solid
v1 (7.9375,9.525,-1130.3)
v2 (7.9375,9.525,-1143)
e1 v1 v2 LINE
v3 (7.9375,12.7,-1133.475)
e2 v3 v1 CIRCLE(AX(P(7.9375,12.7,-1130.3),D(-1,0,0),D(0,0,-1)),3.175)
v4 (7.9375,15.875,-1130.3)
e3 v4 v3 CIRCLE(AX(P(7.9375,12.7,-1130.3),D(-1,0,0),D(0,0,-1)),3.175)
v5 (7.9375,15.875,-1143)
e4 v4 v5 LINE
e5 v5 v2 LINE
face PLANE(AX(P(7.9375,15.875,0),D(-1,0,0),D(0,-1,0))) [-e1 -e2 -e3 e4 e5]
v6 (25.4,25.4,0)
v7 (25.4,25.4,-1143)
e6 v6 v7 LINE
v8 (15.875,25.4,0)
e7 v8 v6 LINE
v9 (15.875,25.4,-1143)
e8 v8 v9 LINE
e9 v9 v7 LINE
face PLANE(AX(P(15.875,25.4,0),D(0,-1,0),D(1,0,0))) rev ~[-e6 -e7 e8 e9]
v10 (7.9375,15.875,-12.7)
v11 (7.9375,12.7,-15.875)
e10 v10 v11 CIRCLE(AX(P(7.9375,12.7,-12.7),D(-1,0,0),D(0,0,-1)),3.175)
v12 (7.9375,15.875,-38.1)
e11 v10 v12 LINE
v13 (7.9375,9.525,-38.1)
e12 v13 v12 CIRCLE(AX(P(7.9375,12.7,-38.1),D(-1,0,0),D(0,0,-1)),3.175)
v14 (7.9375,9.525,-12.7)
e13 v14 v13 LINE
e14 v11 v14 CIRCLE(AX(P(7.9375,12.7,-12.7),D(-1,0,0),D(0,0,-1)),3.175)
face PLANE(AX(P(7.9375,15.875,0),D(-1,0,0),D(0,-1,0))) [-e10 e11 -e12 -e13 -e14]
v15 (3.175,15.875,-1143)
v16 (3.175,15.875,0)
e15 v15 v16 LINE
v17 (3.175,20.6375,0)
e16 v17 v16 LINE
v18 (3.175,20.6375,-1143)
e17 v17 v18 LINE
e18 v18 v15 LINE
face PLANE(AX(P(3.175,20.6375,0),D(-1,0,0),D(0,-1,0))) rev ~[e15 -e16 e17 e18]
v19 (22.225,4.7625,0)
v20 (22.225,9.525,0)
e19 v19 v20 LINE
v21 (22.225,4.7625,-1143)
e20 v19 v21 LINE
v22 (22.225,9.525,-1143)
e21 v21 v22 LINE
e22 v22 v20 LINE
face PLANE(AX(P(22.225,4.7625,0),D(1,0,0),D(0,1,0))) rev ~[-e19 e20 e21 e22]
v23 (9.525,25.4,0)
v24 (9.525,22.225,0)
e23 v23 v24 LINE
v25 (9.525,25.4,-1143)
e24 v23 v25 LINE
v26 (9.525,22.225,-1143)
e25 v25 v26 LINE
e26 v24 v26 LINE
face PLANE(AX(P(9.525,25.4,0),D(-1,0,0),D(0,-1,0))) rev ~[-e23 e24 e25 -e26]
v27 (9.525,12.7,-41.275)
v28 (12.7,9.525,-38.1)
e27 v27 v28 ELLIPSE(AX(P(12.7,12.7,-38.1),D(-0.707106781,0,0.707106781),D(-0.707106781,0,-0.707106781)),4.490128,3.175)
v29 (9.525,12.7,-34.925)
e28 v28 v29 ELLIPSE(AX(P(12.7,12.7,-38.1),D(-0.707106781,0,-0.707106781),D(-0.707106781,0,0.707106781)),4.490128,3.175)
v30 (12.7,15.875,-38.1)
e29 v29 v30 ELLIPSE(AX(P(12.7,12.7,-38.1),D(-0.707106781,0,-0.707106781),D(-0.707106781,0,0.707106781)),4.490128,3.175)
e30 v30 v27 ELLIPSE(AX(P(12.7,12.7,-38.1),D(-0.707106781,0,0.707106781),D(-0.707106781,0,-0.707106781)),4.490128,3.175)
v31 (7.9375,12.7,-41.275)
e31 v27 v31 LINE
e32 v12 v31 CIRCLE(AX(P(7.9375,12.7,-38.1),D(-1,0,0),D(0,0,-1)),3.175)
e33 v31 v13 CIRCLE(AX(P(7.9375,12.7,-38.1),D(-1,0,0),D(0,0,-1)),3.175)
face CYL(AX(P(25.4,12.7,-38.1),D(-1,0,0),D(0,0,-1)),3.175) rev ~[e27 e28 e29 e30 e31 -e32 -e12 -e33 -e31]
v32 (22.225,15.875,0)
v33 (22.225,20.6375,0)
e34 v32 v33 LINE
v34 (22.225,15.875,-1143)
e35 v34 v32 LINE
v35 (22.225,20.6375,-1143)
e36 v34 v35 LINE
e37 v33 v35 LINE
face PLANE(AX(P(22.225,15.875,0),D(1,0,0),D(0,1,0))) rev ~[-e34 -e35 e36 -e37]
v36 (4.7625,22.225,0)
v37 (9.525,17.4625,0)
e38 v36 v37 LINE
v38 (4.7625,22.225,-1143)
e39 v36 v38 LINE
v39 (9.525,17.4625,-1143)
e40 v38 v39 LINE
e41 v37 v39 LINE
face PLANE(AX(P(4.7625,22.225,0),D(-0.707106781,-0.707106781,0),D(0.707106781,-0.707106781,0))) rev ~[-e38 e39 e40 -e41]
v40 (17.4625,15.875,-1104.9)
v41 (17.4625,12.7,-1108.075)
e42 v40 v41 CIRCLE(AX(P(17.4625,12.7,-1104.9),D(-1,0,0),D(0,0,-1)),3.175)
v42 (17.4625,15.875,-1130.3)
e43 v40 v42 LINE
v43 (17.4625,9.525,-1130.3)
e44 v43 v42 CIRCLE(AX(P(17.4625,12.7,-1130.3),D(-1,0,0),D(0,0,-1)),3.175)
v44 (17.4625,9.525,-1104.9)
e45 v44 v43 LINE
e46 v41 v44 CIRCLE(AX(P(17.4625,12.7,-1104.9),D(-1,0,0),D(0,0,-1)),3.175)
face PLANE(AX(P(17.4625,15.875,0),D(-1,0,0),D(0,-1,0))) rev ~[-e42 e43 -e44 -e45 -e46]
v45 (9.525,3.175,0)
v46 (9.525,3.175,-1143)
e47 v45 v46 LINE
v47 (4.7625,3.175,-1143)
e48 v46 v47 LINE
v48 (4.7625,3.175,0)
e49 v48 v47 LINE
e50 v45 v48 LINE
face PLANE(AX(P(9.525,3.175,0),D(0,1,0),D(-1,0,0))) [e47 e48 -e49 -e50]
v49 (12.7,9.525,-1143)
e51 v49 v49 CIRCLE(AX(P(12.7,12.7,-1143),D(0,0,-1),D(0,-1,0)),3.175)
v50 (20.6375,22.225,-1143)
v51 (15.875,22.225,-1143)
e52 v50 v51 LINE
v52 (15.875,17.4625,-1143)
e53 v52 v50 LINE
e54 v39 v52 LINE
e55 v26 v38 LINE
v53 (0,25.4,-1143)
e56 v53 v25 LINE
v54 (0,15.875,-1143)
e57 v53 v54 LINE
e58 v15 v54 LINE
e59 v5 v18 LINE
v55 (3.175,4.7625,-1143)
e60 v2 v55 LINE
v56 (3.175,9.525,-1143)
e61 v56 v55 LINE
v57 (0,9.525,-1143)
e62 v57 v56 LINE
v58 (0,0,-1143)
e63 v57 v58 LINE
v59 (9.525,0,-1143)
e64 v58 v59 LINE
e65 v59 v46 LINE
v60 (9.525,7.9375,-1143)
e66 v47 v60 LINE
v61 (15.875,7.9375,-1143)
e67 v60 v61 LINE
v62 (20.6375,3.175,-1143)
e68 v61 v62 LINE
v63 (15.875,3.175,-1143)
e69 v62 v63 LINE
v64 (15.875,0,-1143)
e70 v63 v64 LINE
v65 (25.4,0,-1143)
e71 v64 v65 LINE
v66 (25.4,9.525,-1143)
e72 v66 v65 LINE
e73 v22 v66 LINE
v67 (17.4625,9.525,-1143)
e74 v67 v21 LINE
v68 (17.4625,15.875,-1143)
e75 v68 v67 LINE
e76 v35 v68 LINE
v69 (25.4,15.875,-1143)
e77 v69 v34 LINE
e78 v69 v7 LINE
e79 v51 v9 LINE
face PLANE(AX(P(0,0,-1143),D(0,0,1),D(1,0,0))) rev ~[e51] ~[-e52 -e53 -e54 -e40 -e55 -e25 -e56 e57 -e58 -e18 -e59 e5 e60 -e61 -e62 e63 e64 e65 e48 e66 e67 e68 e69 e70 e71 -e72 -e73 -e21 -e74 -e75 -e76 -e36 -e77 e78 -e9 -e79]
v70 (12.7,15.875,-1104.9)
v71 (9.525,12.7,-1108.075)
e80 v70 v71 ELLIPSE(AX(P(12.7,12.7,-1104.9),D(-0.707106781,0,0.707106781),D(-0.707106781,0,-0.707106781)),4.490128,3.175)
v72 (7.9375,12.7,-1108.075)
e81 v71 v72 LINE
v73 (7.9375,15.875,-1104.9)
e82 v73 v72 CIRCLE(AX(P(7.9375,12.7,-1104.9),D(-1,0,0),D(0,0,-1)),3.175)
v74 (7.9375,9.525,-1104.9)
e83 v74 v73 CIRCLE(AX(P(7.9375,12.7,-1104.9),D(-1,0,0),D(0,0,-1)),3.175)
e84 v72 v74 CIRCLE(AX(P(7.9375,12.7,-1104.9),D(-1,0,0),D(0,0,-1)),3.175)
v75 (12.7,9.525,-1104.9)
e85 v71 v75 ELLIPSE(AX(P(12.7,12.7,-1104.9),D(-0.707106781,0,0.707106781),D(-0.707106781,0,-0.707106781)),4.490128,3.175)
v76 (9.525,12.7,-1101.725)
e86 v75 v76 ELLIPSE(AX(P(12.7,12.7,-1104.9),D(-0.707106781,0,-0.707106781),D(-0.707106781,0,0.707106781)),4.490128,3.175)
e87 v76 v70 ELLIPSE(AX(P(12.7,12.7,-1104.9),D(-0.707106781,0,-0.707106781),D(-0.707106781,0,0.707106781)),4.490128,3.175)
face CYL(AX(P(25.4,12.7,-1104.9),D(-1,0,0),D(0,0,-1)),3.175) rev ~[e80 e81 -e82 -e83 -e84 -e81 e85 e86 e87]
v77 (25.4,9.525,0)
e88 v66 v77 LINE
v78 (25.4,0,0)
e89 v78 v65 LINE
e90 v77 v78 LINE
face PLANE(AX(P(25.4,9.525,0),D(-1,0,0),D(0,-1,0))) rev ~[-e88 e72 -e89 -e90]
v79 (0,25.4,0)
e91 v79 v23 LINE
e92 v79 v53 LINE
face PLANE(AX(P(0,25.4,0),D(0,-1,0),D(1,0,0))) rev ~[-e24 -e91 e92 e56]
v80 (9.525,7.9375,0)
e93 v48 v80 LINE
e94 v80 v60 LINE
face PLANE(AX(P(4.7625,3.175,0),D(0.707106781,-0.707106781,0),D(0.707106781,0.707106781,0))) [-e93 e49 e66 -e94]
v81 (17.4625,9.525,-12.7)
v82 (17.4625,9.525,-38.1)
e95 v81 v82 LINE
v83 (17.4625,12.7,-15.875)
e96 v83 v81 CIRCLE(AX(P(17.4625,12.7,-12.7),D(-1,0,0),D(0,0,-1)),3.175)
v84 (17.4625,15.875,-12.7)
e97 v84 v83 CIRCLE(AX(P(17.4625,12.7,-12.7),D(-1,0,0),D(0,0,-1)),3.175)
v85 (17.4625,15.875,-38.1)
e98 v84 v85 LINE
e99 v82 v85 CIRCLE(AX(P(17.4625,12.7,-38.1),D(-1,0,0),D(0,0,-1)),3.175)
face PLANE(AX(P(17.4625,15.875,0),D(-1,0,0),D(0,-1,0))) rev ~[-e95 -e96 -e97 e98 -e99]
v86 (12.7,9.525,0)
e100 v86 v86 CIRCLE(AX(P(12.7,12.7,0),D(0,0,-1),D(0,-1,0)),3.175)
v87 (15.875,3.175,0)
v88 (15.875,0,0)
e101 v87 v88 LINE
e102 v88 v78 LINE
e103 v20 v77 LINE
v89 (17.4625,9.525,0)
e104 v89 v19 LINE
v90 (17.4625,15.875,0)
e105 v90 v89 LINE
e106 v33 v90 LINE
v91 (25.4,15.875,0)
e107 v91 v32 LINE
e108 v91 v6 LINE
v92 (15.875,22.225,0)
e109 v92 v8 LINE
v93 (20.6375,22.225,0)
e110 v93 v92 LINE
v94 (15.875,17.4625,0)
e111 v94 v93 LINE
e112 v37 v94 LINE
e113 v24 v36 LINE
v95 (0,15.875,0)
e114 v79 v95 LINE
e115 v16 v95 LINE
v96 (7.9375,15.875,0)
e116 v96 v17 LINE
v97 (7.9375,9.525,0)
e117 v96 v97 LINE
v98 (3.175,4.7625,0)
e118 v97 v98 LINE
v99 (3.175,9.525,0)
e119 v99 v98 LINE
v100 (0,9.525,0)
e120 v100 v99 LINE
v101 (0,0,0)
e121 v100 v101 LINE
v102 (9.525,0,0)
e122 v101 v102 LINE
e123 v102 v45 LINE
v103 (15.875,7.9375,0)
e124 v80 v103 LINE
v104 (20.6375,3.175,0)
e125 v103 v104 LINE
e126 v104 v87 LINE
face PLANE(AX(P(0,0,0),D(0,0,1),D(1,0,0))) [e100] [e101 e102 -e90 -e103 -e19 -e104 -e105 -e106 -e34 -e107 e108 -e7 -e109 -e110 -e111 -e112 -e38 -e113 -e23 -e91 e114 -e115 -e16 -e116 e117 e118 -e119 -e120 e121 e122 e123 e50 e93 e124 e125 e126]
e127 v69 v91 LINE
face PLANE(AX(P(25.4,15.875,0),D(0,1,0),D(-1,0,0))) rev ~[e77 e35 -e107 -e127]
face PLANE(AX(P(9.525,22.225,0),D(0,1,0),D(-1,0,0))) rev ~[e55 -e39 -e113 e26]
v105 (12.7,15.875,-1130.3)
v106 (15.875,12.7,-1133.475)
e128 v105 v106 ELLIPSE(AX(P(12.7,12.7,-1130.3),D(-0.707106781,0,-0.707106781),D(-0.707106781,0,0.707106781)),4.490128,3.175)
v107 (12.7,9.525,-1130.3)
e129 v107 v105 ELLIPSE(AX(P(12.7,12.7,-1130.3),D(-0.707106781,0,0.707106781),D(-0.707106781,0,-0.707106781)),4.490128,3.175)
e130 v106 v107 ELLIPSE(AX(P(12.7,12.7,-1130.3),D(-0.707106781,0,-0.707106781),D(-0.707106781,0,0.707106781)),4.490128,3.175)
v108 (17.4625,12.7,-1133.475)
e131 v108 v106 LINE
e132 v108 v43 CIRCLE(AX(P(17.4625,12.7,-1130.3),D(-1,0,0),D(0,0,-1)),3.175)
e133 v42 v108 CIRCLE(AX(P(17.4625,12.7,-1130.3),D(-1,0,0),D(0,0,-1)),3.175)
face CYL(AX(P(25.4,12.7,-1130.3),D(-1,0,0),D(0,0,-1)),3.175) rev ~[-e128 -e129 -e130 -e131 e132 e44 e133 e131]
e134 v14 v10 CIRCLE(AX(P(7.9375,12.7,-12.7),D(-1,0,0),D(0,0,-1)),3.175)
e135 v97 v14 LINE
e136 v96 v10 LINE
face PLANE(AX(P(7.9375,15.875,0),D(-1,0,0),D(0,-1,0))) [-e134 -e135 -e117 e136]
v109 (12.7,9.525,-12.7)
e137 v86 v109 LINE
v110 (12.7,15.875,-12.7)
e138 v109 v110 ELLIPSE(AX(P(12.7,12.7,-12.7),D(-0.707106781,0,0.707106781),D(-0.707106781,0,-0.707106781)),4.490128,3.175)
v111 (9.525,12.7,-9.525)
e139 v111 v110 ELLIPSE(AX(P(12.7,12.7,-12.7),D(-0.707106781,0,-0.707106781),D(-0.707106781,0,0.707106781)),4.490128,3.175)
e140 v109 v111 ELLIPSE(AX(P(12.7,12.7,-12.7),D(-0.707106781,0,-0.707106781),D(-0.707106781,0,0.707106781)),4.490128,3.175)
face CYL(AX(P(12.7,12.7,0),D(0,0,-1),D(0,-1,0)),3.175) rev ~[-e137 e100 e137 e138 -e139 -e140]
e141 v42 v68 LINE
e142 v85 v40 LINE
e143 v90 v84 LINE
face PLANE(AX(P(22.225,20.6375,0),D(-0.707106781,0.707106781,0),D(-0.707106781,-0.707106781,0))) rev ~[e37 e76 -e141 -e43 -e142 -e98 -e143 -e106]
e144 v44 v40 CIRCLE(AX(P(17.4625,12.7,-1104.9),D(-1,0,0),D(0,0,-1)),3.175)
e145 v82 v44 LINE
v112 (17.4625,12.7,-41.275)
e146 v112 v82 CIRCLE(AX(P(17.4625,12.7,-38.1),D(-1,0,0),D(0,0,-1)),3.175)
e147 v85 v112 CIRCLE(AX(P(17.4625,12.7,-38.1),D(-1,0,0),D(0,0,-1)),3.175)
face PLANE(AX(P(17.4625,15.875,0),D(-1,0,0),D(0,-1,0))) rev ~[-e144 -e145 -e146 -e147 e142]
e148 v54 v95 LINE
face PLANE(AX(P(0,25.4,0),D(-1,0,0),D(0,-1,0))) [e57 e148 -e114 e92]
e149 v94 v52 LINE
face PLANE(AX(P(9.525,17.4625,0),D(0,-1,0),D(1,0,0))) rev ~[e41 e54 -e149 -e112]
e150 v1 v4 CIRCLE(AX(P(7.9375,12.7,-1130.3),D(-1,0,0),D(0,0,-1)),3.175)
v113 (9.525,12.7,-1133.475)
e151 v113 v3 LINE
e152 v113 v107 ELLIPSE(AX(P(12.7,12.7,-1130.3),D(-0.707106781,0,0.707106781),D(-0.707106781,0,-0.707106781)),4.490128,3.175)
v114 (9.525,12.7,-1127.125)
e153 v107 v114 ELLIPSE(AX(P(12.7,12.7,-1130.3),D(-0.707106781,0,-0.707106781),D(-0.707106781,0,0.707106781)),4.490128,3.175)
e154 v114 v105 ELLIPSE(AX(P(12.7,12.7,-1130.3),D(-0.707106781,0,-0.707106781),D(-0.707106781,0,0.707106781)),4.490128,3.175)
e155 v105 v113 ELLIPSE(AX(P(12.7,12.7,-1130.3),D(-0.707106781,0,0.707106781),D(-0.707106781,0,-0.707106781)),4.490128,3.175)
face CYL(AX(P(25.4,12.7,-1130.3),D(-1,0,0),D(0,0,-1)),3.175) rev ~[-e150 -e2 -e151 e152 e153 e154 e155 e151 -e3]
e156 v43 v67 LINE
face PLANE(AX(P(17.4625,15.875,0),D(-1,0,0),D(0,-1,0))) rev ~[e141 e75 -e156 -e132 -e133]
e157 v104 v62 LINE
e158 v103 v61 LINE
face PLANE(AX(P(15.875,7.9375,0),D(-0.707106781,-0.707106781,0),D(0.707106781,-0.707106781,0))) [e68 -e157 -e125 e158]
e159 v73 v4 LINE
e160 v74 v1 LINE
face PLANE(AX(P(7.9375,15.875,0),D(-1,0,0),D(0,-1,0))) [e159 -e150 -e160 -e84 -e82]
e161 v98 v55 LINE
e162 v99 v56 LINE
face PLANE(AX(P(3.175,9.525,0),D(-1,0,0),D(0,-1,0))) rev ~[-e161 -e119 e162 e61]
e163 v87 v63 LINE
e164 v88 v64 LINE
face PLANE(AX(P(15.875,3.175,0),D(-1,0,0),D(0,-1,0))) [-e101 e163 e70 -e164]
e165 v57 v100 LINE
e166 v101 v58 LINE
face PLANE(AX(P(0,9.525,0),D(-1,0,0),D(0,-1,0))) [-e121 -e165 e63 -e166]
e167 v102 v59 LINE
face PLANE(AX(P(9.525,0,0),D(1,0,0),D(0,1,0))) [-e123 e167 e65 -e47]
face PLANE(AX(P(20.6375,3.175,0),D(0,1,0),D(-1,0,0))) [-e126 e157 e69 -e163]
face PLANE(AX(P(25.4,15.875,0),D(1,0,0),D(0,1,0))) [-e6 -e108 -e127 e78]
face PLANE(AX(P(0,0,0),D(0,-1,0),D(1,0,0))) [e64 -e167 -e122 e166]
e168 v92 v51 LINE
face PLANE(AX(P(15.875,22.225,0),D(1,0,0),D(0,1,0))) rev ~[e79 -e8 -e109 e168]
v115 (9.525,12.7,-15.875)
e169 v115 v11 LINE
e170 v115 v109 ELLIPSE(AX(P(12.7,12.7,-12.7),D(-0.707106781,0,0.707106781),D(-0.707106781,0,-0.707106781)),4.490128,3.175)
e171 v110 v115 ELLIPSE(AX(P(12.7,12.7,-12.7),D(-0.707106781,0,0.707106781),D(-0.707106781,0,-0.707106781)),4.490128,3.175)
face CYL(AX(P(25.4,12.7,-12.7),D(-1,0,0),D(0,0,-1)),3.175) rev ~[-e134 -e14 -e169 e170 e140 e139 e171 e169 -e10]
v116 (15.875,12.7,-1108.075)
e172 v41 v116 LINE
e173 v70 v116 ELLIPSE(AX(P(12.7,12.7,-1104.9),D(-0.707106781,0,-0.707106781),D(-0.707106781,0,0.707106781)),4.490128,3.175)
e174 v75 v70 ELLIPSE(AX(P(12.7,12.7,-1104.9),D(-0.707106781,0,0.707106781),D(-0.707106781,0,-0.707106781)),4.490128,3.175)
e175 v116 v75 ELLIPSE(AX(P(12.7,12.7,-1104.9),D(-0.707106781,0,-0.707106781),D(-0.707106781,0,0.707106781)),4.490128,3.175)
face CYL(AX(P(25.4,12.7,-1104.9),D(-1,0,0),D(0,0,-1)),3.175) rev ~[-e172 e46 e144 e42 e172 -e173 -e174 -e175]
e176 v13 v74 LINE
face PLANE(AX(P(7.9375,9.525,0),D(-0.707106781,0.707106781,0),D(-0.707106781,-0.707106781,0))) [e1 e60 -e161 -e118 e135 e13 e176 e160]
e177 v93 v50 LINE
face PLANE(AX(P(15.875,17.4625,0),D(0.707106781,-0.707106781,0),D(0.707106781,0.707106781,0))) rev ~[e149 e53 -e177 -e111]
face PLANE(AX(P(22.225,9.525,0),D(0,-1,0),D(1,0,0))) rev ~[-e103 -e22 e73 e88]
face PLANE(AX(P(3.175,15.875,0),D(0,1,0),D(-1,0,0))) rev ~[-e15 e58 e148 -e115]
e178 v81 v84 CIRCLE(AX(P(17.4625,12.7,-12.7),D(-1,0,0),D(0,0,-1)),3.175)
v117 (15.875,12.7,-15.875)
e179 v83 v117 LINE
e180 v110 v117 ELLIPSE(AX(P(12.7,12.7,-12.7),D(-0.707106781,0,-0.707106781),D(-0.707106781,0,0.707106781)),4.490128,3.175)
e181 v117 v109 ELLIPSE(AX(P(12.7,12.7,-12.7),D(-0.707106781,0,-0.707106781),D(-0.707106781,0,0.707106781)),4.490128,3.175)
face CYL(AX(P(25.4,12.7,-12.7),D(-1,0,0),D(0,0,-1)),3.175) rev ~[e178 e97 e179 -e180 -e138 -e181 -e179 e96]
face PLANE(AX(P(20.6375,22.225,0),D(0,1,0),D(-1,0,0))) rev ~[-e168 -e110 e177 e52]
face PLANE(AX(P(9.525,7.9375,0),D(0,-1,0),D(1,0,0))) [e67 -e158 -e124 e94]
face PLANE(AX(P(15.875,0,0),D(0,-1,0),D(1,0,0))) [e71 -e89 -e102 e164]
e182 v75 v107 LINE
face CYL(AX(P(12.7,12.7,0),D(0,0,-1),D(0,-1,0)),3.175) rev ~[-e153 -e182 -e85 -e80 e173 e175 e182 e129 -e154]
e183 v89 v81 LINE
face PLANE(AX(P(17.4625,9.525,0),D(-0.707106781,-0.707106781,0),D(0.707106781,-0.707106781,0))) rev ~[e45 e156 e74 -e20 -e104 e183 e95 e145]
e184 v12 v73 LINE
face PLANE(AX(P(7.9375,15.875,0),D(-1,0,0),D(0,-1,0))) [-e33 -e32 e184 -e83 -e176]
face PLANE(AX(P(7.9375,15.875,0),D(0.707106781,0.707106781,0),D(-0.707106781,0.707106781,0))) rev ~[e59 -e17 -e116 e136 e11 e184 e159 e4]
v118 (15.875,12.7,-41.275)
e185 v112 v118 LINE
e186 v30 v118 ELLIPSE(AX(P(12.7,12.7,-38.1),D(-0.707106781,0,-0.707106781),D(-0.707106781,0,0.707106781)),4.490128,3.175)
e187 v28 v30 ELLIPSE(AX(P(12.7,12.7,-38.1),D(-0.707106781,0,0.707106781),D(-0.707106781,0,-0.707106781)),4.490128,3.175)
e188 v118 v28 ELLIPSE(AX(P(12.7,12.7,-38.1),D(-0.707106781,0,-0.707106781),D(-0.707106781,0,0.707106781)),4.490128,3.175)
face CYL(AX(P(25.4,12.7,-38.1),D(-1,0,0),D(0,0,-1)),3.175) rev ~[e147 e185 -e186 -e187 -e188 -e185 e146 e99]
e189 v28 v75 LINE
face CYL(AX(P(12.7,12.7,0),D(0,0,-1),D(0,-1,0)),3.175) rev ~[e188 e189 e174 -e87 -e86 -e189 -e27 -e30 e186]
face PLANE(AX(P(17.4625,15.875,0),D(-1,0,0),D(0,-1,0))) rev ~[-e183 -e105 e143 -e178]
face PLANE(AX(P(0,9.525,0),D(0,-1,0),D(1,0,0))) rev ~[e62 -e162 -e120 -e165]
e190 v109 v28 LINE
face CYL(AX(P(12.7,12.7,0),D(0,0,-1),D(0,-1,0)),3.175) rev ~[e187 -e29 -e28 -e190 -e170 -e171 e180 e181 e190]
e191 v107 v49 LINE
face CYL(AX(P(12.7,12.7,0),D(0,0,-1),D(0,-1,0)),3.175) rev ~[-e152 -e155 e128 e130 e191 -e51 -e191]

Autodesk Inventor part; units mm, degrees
ref_plane "YZ Plane" through (0, 0, 0) normal (1, 0, 0) x (0, 1, 0)
ref_plane "XZ Plane" through (0, 0, 0) normal (0, 1, 0) x (-1, 0, 0)
ref_plane "XY Plane" through (0, 0, 0) normal (0, 0, 1) x (1, 0, 0)
sketch "Sketch1" plane through (0, 0, 0) normal (0, 0, 1) x (1, 0, 0)
  line L0 (0, 9.525) -> (3.175, 9.525)
  line L1 (3.175, 9.525) -> (3.175, 4.7625)
  line L2 (3.175, 20.6375) -> (3.175, 15.875)
  line L3 (3.175, 15.875) -> (0, 15.875)
  line L4 (7.9375, 15.875) -> (7.9375, 9.525)
  line L5 (25.4, 15.875) -> (22.225, 15.875)
  line L6 (22.225, 15.875) -> (22.225, 20.6375)
  line L7 (22.225, 20.6375) -> (17.4625, 15.875)
  line L8 (17.4625, 15.875) -> (17.4625, 9.525)
  line L9 (17.4625, 9.525) -> (22.225, 4.7625)
  line L10 (22.225, 4.7625) -> (22.225, 9.525)
  line L11 (22.225, 9.525) -> (25.4, 9.525)
  line L12 (25.4, 15.875) -> (25.4, 25.4)
  line L13 (25.4, 9.525) -> (25.4, 0)
  line L14 (12.7, 12.7) -> (25.4, 25.4)
  line L15 (12.7, 12.7) -> (0, 25.4)
  line L16 (12.7, 12.7) -> (0, 0)
  line L17 (12.7, 12.7) -> (25.4, 0)
  line L18 (0, 25.4) -> (9.525, 25.4)
  line L19 (9.525, 25.4) -> (9.525, 22.225)
  line L20 (9.525, 22.225) -> (4.7625, 22.225)
  line L21 (4.7625, 22.225) -> (9.525, 17.4625)
  line L22 (9.525, 17.4625) -> (15.875, 17.4625)
  line L23 (15.875, 17.4625) -> (20.6375, 22.225)
  line L24 (20.6375, 22.225) -> (15.875, 22.225)
  line L25 (15.875, 22.225) -> (15.875, 25.4)
  line L26 (15.875, 25.4) -> (25.4, 25.4)
  line L27 (0, 0) -> (9.525, 0)
  line L28 (9.525, 0) -> (9.525, 3.175)
  line L29 (9.525, 3.175) -> (4.7625, 3.175)
  line L30 (4.7625, 3.175) -> (9.525, 7.9375)
  line L31 (9.525, 7.9375) -> (15.875, 7.9375)
  line L32 (15.875, 7.9375) -> (20.6375, 3.175)
  line L33 (20.6375, 3.175) -> (15.875, 3.175)
  line L34 (15.875, 3.175) -> (15.875, 0)
  line L35 (15.875, 0) -> (25.4, 0)
  line L36 (0, 25.4) -> (0, 15.875)
  line L37 (0, 9.525) -> (0, 0)
  line L38 (7.9375, 9.525) -> (3.175, 4.7625)
  line L39 (7.9375, 15.875) -> (3.175, 20.6375)
  dimension "d1" = 25.4
  dimension "d5" = 3.175
  dimension "d6" = 4.7625
  dimension "d7" = 4.7625
  dimension "d9" = 6.35
  dimension "d10" = 3.175
  dimension "d11" = 4.7625
  dimension "d12" = 4.7625
  dimension "d13" = 3.175
  dimension "d15" = 9.525
  dimension "d16" = 3.175
  dimension "d17" = 4.7625
  dimension "d18" = 6.35
  dimension "d19" = 4.7625
  dimension "d20" = 9.525
  dimension "d21" = 3.175
  dimension "d22" = 4.7625
  dimension "d23" = 6.35
  dimension "d24" = 4.7625
extrude "Extrusion1" add sketch "Sketch1" against normal blind 1143
sketch "Sketch2" plane through (25.4, 9.525, 0) normal (1, 0, 0) x (0, 0, -1)
  line L0 (1143, -9.525) -> (1143, 0) projected
  line L1 (0, -9.525) -> (0, 0) projected
  line L2 (0, -9.525) -> (1143, -9.525) projected
  line L3 (1143, 0) -> (1143, 6.35) projected
  point P0 (12.7, 3.175)
  point P1 (38.1, 3.175)
  point P2 (1104.9, 3.175)
  point P3 (1130.3, 3.175)
  dimension "d27" = 12.7
  dimension "d28" = 25.4
  dimension "d29" = 12.7
  dimension "d30" = 25.4
  dimension "d32" = 12.7
  dimension "d33" = 12.7
hole "Hole1" at (25.4, 12.7, -12.7) at (25.4, 12.7, -38.1) at (25.4, 12.7, -1104.9) at (25.4, 12.7, -1130.3) direction (-1, 0, 0) diameter 6.35 depth 25.4 tip angle 118
hole "Hole2" at (12.7, 12.7, 0) direction (0, 0, -1) diameter 6.35 end through all
properties part number "8020_40"
